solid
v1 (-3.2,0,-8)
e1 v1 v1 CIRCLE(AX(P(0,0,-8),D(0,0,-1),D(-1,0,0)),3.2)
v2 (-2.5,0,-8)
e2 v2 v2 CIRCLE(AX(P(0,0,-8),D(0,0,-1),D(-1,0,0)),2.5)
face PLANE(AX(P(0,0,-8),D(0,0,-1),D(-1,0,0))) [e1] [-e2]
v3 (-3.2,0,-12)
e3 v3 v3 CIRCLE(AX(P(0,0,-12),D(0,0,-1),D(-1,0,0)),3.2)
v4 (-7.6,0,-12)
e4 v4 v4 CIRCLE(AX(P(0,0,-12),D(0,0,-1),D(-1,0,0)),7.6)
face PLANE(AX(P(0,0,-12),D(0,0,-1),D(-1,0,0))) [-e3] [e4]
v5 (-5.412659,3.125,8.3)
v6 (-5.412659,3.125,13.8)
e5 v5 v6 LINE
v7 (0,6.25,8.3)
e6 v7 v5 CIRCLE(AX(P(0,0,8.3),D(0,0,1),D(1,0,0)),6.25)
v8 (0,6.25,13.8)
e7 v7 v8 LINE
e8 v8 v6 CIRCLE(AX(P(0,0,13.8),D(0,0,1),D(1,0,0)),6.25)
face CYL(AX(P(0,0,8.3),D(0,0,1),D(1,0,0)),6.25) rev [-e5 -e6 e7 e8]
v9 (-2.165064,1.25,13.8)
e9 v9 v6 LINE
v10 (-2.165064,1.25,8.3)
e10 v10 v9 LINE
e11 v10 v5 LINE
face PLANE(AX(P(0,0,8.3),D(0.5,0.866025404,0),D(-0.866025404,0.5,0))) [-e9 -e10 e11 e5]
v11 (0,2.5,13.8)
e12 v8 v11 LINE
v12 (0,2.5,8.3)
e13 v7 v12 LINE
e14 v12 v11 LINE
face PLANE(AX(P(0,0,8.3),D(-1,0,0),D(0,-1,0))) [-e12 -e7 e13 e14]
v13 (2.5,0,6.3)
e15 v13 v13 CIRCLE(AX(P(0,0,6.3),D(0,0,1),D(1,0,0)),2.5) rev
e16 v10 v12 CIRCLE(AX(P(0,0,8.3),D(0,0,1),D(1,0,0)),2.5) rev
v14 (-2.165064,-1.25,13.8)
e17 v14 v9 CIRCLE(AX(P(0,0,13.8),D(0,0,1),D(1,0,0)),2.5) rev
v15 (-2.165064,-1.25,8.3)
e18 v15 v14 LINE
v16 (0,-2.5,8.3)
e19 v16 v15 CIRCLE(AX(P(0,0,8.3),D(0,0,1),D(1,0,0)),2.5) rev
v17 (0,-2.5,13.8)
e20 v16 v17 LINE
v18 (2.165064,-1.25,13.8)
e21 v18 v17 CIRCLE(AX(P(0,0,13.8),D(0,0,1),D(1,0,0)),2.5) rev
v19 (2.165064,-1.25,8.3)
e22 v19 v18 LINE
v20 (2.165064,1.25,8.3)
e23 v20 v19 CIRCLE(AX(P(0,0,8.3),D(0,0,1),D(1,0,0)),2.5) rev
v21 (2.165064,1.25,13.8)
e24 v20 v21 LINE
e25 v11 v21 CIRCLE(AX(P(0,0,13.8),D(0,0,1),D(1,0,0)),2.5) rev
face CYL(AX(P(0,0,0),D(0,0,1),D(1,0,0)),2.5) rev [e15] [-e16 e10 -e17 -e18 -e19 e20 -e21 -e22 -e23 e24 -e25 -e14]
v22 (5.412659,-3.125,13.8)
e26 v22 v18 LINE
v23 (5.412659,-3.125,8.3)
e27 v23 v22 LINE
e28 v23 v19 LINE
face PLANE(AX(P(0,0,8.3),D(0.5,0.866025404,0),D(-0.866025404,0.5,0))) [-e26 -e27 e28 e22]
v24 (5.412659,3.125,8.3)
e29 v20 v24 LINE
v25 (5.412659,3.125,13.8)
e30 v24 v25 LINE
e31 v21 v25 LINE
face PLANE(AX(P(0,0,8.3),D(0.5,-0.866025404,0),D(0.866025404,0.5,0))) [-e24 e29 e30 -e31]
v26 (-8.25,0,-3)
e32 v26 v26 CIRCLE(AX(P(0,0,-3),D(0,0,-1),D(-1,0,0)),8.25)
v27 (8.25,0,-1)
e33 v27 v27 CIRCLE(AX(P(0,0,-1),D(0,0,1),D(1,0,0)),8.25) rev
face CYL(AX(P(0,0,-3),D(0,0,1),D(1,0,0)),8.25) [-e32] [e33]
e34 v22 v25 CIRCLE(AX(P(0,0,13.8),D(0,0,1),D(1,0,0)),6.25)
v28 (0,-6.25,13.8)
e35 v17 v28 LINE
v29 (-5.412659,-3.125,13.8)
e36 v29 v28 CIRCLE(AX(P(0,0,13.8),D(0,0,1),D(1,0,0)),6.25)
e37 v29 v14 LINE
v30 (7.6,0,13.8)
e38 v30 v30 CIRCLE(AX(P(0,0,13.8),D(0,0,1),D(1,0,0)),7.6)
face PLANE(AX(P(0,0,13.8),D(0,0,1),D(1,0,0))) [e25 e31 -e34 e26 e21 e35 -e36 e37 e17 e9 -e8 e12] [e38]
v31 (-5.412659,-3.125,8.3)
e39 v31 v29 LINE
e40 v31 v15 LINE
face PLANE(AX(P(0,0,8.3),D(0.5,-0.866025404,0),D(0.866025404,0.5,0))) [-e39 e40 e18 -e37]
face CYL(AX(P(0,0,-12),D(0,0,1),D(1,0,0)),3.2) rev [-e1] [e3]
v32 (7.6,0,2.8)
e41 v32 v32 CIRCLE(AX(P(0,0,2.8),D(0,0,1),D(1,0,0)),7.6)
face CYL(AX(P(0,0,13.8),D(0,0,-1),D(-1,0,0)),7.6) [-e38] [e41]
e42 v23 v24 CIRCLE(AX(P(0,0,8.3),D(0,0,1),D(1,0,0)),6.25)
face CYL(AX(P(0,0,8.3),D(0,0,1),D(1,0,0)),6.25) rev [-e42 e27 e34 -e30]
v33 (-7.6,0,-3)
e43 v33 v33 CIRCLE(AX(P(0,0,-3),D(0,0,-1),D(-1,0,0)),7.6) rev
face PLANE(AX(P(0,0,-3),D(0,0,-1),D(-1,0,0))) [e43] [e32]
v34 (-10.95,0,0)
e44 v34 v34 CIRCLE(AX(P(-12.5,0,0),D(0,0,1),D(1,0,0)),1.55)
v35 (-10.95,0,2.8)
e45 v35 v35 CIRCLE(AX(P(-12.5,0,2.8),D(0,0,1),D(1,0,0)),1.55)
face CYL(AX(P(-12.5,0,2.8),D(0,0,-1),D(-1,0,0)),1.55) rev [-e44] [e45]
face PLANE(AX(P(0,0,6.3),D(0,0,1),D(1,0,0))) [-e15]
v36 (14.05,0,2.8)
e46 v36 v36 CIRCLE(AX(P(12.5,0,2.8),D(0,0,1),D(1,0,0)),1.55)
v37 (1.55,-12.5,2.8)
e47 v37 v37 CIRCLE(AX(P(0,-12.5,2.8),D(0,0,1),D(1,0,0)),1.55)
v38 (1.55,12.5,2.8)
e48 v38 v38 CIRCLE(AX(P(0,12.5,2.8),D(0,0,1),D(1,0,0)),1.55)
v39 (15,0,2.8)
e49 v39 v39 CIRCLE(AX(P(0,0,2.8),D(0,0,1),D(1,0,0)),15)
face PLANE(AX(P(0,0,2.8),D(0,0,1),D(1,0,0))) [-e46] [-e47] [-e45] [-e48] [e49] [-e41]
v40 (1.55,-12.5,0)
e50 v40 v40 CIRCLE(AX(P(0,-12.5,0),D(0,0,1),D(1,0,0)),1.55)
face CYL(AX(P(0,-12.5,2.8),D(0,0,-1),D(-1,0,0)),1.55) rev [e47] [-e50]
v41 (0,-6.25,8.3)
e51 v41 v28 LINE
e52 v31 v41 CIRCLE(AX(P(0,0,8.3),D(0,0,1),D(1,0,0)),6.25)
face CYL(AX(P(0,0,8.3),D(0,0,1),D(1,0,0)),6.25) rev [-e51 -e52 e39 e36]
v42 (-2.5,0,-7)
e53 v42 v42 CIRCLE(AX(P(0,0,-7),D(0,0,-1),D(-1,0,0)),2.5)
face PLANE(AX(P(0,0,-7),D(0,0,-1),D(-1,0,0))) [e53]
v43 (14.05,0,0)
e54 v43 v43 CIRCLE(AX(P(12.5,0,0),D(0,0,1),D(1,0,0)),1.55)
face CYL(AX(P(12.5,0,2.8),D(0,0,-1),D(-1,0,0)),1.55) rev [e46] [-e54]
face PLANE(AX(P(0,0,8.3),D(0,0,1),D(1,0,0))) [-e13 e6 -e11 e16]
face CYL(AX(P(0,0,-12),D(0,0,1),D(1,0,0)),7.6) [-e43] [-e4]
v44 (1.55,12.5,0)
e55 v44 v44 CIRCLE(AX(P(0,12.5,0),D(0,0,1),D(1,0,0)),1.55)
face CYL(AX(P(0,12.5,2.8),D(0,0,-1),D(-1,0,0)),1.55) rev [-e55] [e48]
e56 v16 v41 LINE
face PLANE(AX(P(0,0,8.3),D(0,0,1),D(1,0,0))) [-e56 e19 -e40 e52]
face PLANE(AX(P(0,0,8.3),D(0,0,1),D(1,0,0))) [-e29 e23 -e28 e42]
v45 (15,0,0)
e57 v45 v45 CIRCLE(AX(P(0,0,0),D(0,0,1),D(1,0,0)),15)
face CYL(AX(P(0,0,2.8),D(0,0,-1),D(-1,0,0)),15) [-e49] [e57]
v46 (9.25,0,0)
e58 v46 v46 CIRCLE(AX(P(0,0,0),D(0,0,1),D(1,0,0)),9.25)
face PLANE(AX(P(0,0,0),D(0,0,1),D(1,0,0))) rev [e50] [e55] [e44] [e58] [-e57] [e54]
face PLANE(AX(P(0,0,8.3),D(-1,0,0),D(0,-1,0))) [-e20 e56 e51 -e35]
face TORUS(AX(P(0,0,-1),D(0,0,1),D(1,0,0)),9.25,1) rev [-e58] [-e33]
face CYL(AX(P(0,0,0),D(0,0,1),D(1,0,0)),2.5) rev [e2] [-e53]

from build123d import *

# Parameters (mm, degrees)
SKETCH1_R               = 15
SKETCH1_R_2             = 1.55
BOSS_EXTRUDE1_DEPTH     = 2.8
BOSS_EXTRUDE2_START     = 2.8
SKETCH3_R               = 7.6
BOSS_EXTRUDE2_DEPTH     = 11
CUT_EXTRUDE1_DEPTH      = 26.306916051
CUT_EXTRUDE1_DEPTH_BACK = 26.306916051
SKETCH4_R               = 2.5
SKETCH5_R               = 5
CUT_EXTRUDE2_DEPTH      = 5.5
BOSS_EXTRUDE3_START     = 12
SKETCH7_R               = 7.6
SKETCH7_R_2             = 3.2
BOSS_EXTRUDE3_DEPTH     = 12
SKETCH8_R               = 3.2
SKETCH8_R_2             = 2.5
BOSS_EXTRUDE4_DEPTH     = 8
BOSS_EXTRUDE5_START     = 3
SKETCH9_R               = 8.25
SKETCH9_R_2             = 7.6
BOSS_EXTRUDE5_DEPTH     = 3
FILLET2_R               = 1
BOSS_EXTRUDE6_START     = 5.5
SKETCH11_R              = 5
SKETCH11_R_2            = 2.5
BOSS_EXTRUDE6_DEPTH     = 5.5
CUT_EXTRUDE3_DEPTH      = 5.5
BOSS_EXTRUDE7_START     = -18.3
SKETCH12_R              = 2.5
BOSS_EXTRUDE7_DEPTH     = 13.3


with BuildPart() as part:
    # Sketch1 → Boss-Extrude1 (new body)
    with BuildSketch(Plane.XY):
        Circle(SKETCH1_R)
        with Locations((0, 12.5)):
            Circle(SKETCH1_R_2, mode=Mode.SUBTRACT)
        with Locations((12.5, 0)):
            Circle(SKETCH1_R_2, mode=Mode.SUBTRACT)
        with Locations((0, -12.5)):
            Circle(SKETCH1_R_2, mode=Mode.SUBTRACT)
        with Locations((-12.5, 0)):
            Circle(SKETCH1_R_2, mode=Mode.SUBTRACT)
    extrude(amount=BOSS_EXTRUDE1_DEPTH)

    # Sketch3 → Boss-Extrude2 (add)
    with BuildSketch(Plane.XY.offset(BOSS_EXTRUDE2_START)):
        Circle(SKETCH3_R)
    extrude(amount=BOSS_EXTRUDE2_DEPTH)

    # Sketch4 → Cut-Extrude1 (cut, two sides: drawn at the far end of the back side and taken through both)
    with BuildSketch(Plane.XY.offset(13.8).offset(-CUT_EXTRUDE1_DEPTH_BACK)):
        Circle(SKETCH4_R)
    extrude(amount=CUT_EXTRUDE1_DEPTH + CUT_EXTRUDE1_DEPTH_BACK, mode=Mode.SUBTRACT)

    # Sketch5 → Cut-Extrude2 (cut)
    with BuildSketch(Plane.XY.offset(13.8)):
        Circle(SKETCH5_R)
    extrude(amount=-CUT_EXTRUDE2_DEPTH, mode=Mode.SUBTRACT)

    # Sketch7 → Boss-Extrude3 (add)
    with BuildSketch(Plane(origin=(0, 0, 0), x_dir=(-1, 0, 0), z_dir=(0, 0, -1)).offset(BOSS_EXTRUDE3_START)):
        with Locations(Location((0, 0, 0), (0, 0, 180))):
            Circle(SKETCH7_R)
        Circle(SKETCH7_R_2, mode=Mode.SUBTRACT)
    extrude(amount=-BOSS_EXTRUDE3_DEPTH)

    # Sketch8 → Boss-Extrude4 (add)
    with BuildSketch(Plane(origin=(0, 0, 0), x_dir=(-1, 0, 0), z_dir=(0, 0, -1))):
        Circle(SKETCH8_R)
        with Locations(Location((0, 0, 0), (0, 0, 180))):
            Circle(SKETCH8_R_2, mode=Mode.SUBTRACT)
    extrude(amount=BOSS_EXTRUDE4_DEPTH)

    # Sketch9 → Boss-Extrude5 (add)
    with BuildSketch(Plane(origin=(0, 0, 0), x_dir=(-1, 0, 0), z_dir=(0, 0, -1)).offset(BOSS_EXTRUDE5_START)):
        with Locations(Location((0, 0, 0), (0, 0, 180))):
            Circle(SKETCH9_R)
        with Locations(Location((0, 0, 0), (0, 0, 180))):
            Circle(SKETCH9_R_2, mode=Mode.SUBTRACT)
    extrude(amount=-BOSS_EXTRUDE5_DEPTH)

    # Fillet2
    fillet2_edges = [part.edges().sort_by_distance(p)[0] for p in [
        (-8.25, 0, 0),
    ]]
    fillet(fillet2_edges, radius=FILLET2_R)

    # Sketch11 → Boss-Extrude6 (add)
    with BuildSketch(Plane.XY.offset(8.3).offset(BOSS_EXTRUDE6_START)):
        Circle(SKETCH11_R)
        Circle(SKETCH11_R_2, mode=Mode.SUBTRACT)
    extrude(amount=-BOSS_EXTRUDE6_DEPTH)

    # Sketch10 → Cut-Extrude3 (cut)
    with BuildSketch(Plane.XY.offset(13.8)):
        with BuildLine():
            Line((0, 0), (5.412658774, -3.125))
            ThreePointArc((5.412658774, -3.125), (6.25, 0), (5.412658774, 3.125))
            Line((5.412658774, 3.125), (0, 0))
        make_face()
        with BuildLine():
            Line((-5.412658774, 3.125), (0, 0))
            Line((0, 0), (0, 6.25))
            ThreePointArc((0, 6.25), (-3.125, 5.412658774), (-5.412658774, 3.125))
        make_face()
        with BuildLine():
            Line((0, -6.25), (0, 0))
            Line((0, 0), (-5.412658774, -3.125))
            ThreePointArc((-5.412658774, -3.125), (-3.125, -5.412658774), (0, -6.25))
        make_face()
    extrude(amount=-CUT_EXTRUDE3_DEPTH, mode=Mode.SUBTRACT)

    # Sketch12 → Boss-Extrude7 (add)
    with BuildSketch(Plane(origin=(0, 0, -12), x_dir=(-1, 0, 0), z_dir=(0, 0, -1)).offset(BOSS_EXTRUDE7_START)):
        with Locations(Location((0, 0, 0), (0, 0, 180))):
            Circle(SKETCH12_R)
    extrude(amount=BOSS_EXTRUDE7_DEPTH)


solid = part.part
